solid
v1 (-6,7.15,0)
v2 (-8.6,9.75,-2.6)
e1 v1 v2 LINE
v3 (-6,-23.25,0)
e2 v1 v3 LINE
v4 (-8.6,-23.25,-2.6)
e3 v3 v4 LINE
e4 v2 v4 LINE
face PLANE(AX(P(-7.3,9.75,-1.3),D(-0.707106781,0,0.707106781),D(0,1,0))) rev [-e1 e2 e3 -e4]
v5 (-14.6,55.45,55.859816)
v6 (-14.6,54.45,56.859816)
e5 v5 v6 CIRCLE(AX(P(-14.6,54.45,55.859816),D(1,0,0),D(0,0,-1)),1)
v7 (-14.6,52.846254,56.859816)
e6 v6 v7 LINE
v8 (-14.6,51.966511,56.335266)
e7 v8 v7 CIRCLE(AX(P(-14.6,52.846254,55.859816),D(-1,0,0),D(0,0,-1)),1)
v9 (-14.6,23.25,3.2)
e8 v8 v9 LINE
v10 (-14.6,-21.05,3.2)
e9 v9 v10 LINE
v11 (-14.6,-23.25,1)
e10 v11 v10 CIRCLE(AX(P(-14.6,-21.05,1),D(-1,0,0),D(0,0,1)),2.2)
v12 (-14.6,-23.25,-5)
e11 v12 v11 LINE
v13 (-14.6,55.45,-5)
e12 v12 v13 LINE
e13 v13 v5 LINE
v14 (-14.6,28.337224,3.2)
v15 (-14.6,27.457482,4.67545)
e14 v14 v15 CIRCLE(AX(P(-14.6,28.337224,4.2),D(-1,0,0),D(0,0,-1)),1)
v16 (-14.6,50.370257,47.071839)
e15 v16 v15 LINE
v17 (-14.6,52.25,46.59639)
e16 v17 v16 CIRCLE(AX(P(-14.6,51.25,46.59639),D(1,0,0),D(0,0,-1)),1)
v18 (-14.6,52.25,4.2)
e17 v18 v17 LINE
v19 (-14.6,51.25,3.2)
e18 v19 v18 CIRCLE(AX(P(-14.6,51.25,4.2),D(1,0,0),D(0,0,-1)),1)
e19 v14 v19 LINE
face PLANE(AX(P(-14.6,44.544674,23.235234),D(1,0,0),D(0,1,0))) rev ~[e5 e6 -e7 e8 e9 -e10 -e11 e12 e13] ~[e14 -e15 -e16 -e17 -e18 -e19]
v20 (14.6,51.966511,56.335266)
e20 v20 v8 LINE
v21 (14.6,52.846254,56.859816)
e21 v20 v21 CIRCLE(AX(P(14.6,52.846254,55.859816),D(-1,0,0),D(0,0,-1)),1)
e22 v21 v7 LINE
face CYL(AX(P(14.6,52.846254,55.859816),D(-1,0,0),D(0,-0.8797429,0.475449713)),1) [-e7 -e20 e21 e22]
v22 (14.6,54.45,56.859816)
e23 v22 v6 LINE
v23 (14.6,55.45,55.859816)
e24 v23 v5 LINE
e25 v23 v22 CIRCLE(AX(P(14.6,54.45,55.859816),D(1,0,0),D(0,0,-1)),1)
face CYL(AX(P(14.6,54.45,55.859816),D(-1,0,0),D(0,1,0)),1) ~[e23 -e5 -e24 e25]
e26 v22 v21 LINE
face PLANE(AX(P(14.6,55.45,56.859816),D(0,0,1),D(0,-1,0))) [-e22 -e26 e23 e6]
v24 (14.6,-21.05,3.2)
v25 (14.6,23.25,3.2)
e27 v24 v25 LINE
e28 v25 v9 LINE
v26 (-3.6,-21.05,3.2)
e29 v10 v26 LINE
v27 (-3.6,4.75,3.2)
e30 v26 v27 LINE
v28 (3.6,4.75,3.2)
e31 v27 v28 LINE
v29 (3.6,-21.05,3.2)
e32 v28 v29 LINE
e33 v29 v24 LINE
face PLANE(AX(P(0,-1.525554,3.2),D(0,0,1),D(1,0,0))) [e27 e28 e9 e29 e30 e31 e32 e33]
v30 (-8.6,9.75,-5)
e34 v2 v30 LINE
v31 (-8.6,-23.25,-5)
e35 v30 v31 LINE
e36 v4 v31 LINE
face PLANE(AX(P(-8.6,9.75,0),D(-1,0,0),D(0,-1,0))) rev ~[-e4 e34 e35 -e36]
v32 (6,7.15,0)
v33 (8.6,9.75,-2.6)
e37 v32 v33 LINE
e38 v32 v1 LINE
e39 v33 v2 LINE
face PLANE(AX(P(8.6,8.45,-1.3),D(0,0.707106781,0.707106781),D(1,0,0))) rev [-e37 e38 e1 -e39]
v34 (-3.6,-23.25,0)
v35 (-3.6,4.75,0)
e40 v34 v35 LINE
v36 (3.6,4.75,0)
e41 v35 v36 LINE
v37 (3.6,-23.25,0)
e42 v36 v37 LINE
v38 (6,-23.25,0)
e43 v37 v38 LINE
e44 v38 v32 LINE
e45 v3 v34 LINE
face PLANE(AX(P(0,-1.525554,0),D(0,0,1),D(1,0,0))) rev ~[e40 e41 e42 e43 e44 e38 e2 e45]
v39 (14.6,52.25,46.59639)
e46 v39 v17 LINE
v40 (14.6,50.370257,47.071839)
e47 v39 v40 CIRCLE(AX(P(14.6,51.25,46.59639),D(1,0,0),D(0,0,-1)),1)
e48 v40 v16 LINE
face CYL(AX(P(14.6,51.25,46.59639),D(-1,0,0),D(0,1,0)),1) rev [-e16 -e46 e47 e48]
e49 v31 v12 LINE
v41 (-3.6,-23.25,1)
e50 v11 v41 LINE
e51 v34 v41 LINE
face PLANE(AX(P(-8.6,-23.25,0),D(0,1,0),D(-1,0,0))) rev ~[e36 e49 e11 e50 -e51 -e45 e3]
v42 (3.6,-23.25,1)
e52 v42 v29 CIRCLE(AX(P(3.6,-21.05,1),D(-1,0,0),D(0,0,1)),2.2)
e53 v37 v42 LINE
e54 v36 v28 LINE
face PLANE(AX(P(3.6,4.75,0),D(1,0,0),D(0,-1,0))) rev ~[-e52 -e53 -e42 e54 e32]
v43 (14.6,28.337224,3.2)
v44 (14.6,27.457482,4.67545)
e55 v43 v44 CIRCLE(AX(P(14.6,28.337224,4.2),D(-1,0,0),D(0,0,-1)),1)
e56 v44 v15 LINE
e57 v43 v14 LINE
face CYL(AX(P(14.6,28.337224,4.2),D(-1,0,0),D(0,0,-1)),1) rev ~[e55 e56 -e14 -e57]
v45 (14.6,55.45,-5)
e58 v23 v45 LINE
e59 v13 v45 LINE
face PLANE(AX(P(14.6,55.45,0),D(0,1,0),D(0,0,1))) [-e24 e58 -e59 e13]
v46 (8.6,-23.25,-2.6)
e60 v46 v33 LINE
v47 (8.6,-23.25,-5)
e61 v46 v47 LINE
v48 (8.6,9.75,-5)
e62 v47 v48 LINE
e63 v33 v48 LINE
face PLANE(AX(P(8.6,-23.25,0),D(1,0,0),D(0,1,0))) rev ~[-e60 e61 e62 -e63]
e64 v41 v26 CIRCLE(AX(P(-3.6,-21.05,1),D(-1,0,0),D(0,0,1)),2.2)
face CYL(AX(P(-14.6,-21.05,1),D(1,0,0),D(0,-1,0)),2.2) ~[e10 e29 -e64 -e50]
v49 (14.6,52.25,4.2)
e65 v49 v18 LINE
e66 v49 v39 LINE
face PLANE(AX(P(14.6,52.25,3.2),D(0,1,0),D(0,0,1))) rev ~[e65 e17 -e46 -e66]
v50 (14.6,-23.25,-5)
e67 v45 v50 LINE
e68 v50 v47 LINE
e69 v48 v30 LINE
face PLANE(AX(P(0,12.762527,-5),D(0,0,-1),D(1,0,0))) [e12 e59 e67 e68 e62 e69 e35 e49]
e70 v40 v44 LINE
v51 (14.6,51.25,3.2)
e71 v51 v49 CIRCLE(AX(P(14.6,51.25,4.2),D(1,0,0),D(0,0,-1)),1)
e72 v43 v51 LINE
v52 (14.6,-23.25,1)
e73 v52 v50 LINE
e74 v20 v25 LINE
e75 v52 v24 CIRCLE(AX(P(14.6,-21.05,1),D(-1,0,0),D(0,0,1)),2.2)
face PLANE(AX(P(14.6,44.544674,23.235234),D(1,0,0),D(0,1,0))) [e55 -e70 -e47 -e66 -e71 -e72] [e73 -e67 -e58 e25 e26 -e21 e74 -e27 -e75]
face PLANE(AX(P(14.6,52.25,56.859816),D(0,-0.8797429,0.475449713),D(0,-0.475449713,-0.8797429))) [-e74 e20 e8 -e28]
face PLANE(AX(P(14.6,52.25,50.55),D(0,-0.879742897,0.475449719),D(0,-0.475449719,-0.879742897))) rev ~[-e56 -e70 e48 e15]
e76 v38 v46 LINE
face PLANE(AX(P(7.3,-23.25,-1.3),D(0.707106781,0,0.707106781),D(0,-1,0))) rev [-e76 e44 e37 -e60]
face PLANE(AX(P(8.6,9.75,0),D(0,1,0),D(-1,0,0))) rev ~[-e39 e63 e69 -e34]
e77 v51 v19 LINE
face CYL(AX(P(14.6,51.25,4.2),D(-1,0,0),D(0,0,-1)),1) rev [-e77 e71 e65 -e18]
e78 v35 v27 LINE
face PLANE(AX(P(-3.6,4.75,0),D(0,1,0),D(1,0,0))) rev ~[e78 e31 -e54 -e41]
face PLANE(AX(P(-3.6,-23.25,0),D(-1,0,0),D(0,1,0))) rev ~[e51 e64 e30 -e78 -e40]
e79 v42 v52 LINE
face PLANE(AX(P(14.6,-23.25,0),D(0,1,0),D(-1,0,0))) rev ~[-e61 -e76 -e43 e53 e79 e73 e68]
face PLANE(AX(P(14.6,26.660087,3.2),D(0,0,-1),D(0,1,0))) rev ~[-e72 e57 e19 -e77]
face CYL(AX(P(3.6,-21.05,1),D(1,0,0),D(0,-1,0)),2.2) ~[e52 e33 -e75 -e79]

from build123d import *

# Parameters (mm, degrees)
PAD002_DEPTH = 5
PAD001_DEPTH = 29.2
FILLET001_R  = 1
PAD_DEPTH    = 3.2
FILLET_R     = 2.2
CHAMFER_SIZE = 2.6


with BuildPart() as body002:
    # Sketch002 (on Face1 of ReferenceFillet) → Pad002 (new body)
    with BuildSketch(Plane(origin=(0, 0, 0), x_dir=(1, 0, 0), z_dir=(0, 0, -1))):
        Polygon((14.6, -55.45), (14.6, 23.25), (8.6, 23.25), (8.6, -9.75), (-8.6, -9.75), (-8.6, 23.25), (-14.6, 23.25), (-14.6, -55.45), align=None)
    extrude(amount=PAD002_DEPTH)


with BuildPart() as body001:
    # Sketch001 (on Face1 of Binder) → Pad001 (new body)
    with BuildSketch(Plane.YZ.offset(14.6)):
        Polygon((23.25, 0), (55.45, 0), (55.45, 56.859816), (52.25, 56.859816), (23.25, 3.2), align=None)
        Polygon((26.660087, 3.2), (52.25, 3.2), (52.25, 50.55), align=None, mode=Mode.SUBTRACT)
    extrude(amount=-PAD001_DEPTH)

    # Fillet001
    fillet001_edges = [body001.edges().sort_by_distance(p)[0] for p in [
        (0, 52.25, 3.2),
        (0, 26.660087, 3.2),
        (0, 52.25, 50.55),
        (0, 52.25, 56.859816),
        (0, 55.45, 56.859816),
    ]]
    fillet(fillet001_edges, radius=FILLET001_R)


with BuildPart() as chamfer_body:
    # Sketch → Pad (new body)
    with BuildSketch(Plane.XY):
        Polygon((-14.6, 23.25), (-14.6, -23.25), (-3.6, -23.25), (-3.6, 4.75), (3.6, 4.75), (3.6, -23.25), (14.6, -23.25), (14.6, 23.25), align=None)
    extrude(amount=PAD_DEPTH)

    # Fillet
    fillet_edges = [chamfer_body.edges().sort_by_distance(p)[0] for p in [
        (9.1, -23.25, 3.2),
        (-9.1, -23.25, 3.2),
    ]]
    fillet(fillet_edges, radius=FILLET_R)

    # Fusion: union Body002, Body001
    add(body002.part)
    add(body001.part)

    # Chamfer
    chamfer_edges = [chamfer_body.edges().sort_by_distance(p)[0] for p in [
        (-8.6, -6.75, 0),
        (0, 9.75, 0),
        (8.6, -6.75, 0),
    ]]
    chamfer(chamfer_edges, length=CHAMFER_SIZE)


solid = chamfer_body.part
